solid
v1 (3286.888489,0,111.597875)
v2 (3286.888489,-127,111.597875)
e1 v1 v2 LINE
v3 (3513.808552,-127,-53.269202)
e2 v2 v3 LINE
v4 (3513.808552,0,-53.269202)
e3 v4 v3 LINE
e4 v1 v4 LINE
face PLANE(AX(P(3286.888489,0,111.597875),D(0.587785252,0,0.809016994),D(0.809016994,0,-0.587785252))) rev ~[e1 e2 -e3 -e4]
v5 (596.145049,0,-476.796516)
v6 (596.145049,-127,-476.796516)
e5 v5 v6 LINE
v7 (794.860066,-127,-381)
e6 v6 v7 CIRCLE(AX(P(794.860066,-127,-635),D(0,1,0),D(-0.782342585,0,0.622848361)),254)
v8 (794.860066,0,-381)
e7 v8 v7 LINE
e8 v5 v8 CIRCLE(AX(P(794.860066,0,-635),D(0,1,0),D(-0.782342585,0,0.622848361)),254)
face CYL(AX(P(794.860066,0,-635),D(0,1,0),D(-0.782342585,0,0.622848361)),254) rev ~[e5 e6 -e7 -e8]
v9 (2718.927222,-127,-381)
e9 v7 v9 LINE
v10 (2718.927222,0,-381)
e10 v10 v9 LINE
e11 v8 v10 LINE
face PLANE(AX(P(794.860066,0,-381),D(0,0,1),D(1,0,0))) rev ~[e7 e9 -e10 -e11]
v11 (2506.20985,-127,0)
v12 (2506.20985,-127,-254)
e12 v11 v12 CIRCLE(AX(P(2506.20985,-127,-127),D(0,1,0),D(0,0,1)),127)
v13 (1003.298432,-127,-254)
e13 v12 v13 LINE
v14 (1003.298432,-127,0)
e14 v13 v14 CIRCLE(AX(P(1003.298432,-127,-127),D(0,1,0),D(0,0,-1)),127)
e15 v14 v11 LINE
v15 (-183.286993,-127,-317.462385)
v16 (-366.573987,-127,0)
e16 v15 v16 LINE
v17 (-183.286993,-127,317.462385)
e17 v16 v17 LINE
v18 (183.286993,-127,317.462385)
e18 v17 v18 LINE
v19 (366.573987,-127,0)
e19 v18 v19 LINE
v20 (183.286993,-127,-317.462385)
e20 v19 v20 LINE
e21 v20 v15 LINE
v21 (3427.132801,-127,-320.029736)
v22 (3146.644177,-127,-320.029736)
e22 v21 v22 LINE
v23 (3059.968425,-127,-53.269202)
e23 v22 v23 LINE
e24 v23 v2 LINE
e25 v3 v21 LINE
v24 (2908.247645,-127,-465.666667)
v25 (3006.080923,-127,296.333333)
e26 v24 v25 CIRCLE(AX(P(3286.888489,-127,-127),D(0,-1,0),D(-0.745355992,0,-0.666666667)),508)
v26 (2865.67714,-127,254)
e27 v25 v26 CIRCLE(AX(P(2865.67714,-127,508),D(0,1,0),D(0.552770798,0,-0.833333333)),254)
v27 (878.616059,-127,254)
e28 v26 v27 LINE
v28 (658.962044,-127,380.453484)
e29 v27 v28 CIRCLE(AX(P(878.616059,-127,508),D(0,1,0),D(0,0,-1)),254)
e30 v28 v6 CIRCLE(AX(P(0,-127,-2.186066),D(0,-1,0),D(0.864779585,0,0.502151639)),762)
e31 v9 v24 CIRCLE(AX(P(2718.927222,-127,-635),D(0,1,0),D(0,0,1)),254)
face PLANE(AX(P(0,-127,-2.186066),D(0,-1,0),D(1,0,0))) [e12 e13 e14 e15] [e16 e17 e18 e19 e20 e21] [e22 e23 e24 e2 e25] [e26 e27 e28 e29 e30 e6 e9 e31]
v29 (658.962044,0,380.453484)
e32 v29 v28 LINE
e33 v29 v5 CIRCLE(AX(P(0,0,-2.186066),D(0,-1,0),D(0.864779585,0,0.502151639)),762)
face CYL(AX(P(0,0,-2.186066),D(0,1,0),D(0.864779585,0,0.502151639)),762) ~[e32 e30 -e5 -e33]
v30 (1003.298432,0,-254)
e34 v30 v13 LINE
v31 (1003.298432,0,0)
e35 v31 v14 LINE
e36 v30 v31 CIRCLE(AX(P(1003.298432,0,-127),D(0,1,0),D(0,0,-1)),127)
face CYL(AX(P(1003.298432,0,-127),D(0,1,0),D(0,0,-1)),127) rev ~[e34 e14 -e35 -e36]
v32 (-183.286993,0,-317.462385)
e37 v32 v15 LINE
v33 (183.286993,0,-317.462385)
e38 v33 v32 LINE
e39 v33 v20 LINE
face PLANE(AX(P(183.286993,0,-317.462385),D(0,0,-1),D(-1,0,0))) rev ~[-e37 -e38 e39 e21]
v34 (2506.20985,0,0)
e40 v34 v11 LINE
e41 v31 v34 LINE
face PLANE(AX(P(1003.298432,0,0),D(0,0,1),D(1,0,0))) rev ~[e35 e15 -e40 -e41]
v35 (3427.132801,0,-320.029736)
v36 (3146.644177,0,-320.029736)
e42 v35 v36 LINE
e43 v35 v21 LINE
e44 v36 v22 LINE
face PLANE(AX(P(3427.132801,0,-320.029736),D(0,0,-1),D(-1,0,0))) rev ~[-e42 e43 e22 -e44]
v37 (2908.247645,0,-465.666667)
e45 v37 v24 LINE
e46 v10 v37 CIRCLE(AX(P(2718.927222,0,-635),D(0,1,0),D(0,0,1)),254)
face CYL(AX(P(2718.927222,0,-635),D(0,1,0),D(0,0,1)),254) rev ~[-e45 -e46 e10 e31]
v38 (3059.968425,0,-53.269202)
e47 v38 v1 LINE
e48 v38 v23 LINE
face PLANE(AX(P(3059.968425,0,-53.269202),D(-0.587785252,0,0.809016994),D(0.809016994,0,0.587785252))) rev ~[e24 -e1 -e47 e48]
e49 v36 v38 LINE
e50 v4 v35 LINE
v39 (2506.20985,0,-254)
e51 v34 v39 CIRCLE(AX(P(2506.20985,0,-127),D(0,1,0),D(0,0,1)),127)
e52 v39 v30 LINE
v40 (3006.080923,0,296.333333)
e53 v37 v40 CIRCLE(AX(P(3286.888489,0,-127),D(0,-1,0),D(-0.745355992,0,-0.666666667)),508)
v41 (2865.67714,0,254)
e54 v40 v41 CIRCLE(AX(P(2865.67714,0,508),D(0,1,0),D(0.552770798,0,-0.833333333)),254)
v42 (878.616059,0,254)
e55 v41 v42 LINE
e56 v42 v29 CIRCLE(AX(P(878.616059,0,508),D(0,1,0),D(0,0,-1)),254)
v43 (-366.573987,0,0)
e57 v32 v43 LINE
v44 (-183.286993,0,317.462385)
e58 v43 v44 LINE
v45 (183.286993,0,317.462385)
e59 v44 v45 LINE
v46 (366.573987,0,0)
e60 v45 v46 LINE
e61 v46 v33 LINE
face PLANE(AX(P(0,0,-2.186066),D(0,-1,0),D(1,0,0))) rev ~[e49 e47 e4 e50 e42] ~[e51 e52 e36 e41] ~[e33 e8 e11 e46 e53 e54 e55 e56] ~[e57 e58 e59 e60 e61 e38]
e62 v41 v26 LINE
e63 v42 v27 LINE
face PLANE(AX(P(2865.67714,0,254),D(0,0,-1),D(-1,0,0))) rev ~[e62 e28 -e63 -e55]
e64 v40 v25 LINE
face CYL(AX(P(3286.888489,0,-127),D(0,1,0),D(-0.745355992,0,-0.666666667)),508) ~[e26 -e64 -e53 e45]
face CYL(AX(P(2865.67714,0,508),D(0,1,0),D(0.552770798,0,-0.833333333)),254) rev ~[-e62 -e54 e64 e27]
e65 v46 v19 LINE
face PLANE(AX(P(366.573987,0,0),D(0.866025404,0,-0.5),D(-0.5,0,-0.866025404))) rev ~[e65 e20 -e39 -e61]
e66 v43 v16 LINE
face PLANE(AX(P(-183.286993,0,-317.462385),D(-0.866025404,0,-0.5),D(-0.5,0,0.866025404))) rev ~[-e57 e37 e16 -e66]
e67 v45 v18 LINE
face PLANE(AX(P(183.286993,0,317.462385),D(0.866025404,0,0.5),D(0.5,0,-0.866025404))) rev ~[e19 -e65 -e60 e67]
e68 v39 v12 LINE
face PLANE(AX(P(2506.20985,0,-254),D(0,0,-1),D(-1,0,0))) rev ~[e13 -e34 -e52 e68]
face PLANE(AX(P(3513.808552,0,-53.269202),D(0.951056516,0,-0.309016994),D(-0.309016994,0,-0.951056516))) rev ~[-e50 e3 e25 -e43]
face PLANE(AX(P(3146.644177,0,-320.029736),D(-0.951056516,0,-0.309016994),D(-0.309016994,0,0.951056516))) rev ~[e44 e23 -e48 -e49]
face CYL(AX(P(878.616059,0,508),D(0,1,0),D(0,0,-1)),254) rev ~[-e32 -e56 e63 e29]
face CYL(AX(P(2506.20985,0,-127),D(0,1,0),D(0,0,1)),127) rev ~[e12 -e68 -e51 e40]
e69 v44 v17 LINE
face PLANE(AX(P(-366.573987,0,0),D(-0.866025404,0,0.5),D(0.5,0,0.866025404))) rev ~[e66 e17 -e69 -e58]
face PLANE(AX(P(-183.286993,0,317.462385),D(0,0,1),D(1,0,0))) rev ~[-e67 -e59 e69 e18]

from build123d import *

# Parameters (mm, degrees)
F1_DEPTH = 127


with BuildPart() as f1:
    # F0 (on Front) → F1 (new body)
    with BuildSketch(Plane.XZ):
        with BuildLine():
            ThreePointArc((596.1450494204, -476.7965163849), (719.3422438792, -253.563741897), (762, -2.1860655397))
            ThreePointArc((762, -2.1860655397), (735.7897381461, 195.9488915953), (658.9620439924, 380.4534836151))
            ThreePointArc((658.9620439924, 380.4534836151), (-759.9623968387, 53.5019528413), (596.1450494204, -476.7965163849))
        make_face()
        Polygon((-366.5739865291, 0), (-183.2869932646, 317.4623847008), (183.2869932646, 317.4623847008), (366.5739865291, 0), (183.2869932646, -317.4623847008), (-183.2869932646, -317.4623847008), align=None, mode=Mode.SUBTRACT)
        with BuildLine():
            ThreePointArc((658.9620439924, 380.4534836151), (735.7897381461, 195.9488915953), (762, -2.1860655397))
            ThreePointArc((762, -2.1860655397), (719.3422438792, -253.563741897), (596.1450494204, -476.7965163849))
            ThreePointArc((596.1450494204, -476.7965163849), (684.559759544, -406.1991205893), (794.8600658939, -381))
            Line((794.8600658939, -381), (1765.2984321219, -381))
            Line((1765.2984321219, -381), (2718.9272224804, -381))
            ThreePointArc((2718.9272224804, -381), (2822.6222882582, -403.1307839895), (2908.2476445754, -465.6666666667))
            ThreePointArc((2908.2476445754, -465.6666666667), (2783.0243688995, -62.3088204479), (3006.0809231819, 296.3333333333))
            ThreePointArc((3006.0809231819, 296.3333333333), (2939.0006245773, 264.8135146299), (2865.6771403902, 254))
            Line((2865.6771403902, 254), (1765.2984321219, 254))
            Line((1765.2984321219, 254), (878.6160586565, 254))
            ThreePointArc((878.6160586565, 254), (751.8896114597, 287.871838283), (658.9620439924, 380.4534836151))
        make_face()
        with BuildLine():
            Line((1003.2984321219, 0), (1765.2984321219, 0))
            Line((1765.2984321219, 0), (2506.2098503113, 0))
            ThreePointArc((2506.2098503113, 0), (2596.012411522, -37.1974387893), (2633.2098503113, -127))
            ThreePointArc((2633.2098503113, -127), (2596.012411522, -216.8025612107), (2506.2098503113, -254))
            Line((2506.2098503113, -254), (1003.2984321219, -254))
            ThreePointArc((1003.2984321219, -254), (876.2984321219, -127), (1003.2984321219, 0))
        make_face(mode=Mode.SUBTRACT)
        with BuildLine():
            ThreePointArc((3794.8884887653, -127), (3527.1110487838, 320.6126915741), (3006.0809231819, 296.3333333333))
            ThreePointArc((3006.0809231819, 296.3333333333), (2783.0243688995, -62.3088204479), (2908.2476445754, -465.6666666667))
            ThreePointArc((2908.2476445754, -465.6666666667), (3468.1541103701, -601.5595583531), (3794.8884887653, -127))
        make_face()
        Polygon((3513.8085524036, -53.2692018535), (3427.1328008231, -320.0297355652), (3146.6441767076, -320.0297355652), (3059.9684251271, -53.2692018535), (3286.8884887653, 111.5978748374), align=None, mode=Mode.SUBTRACT)
    extrude(amount=F1_DEPTH)


solid = f1.part
